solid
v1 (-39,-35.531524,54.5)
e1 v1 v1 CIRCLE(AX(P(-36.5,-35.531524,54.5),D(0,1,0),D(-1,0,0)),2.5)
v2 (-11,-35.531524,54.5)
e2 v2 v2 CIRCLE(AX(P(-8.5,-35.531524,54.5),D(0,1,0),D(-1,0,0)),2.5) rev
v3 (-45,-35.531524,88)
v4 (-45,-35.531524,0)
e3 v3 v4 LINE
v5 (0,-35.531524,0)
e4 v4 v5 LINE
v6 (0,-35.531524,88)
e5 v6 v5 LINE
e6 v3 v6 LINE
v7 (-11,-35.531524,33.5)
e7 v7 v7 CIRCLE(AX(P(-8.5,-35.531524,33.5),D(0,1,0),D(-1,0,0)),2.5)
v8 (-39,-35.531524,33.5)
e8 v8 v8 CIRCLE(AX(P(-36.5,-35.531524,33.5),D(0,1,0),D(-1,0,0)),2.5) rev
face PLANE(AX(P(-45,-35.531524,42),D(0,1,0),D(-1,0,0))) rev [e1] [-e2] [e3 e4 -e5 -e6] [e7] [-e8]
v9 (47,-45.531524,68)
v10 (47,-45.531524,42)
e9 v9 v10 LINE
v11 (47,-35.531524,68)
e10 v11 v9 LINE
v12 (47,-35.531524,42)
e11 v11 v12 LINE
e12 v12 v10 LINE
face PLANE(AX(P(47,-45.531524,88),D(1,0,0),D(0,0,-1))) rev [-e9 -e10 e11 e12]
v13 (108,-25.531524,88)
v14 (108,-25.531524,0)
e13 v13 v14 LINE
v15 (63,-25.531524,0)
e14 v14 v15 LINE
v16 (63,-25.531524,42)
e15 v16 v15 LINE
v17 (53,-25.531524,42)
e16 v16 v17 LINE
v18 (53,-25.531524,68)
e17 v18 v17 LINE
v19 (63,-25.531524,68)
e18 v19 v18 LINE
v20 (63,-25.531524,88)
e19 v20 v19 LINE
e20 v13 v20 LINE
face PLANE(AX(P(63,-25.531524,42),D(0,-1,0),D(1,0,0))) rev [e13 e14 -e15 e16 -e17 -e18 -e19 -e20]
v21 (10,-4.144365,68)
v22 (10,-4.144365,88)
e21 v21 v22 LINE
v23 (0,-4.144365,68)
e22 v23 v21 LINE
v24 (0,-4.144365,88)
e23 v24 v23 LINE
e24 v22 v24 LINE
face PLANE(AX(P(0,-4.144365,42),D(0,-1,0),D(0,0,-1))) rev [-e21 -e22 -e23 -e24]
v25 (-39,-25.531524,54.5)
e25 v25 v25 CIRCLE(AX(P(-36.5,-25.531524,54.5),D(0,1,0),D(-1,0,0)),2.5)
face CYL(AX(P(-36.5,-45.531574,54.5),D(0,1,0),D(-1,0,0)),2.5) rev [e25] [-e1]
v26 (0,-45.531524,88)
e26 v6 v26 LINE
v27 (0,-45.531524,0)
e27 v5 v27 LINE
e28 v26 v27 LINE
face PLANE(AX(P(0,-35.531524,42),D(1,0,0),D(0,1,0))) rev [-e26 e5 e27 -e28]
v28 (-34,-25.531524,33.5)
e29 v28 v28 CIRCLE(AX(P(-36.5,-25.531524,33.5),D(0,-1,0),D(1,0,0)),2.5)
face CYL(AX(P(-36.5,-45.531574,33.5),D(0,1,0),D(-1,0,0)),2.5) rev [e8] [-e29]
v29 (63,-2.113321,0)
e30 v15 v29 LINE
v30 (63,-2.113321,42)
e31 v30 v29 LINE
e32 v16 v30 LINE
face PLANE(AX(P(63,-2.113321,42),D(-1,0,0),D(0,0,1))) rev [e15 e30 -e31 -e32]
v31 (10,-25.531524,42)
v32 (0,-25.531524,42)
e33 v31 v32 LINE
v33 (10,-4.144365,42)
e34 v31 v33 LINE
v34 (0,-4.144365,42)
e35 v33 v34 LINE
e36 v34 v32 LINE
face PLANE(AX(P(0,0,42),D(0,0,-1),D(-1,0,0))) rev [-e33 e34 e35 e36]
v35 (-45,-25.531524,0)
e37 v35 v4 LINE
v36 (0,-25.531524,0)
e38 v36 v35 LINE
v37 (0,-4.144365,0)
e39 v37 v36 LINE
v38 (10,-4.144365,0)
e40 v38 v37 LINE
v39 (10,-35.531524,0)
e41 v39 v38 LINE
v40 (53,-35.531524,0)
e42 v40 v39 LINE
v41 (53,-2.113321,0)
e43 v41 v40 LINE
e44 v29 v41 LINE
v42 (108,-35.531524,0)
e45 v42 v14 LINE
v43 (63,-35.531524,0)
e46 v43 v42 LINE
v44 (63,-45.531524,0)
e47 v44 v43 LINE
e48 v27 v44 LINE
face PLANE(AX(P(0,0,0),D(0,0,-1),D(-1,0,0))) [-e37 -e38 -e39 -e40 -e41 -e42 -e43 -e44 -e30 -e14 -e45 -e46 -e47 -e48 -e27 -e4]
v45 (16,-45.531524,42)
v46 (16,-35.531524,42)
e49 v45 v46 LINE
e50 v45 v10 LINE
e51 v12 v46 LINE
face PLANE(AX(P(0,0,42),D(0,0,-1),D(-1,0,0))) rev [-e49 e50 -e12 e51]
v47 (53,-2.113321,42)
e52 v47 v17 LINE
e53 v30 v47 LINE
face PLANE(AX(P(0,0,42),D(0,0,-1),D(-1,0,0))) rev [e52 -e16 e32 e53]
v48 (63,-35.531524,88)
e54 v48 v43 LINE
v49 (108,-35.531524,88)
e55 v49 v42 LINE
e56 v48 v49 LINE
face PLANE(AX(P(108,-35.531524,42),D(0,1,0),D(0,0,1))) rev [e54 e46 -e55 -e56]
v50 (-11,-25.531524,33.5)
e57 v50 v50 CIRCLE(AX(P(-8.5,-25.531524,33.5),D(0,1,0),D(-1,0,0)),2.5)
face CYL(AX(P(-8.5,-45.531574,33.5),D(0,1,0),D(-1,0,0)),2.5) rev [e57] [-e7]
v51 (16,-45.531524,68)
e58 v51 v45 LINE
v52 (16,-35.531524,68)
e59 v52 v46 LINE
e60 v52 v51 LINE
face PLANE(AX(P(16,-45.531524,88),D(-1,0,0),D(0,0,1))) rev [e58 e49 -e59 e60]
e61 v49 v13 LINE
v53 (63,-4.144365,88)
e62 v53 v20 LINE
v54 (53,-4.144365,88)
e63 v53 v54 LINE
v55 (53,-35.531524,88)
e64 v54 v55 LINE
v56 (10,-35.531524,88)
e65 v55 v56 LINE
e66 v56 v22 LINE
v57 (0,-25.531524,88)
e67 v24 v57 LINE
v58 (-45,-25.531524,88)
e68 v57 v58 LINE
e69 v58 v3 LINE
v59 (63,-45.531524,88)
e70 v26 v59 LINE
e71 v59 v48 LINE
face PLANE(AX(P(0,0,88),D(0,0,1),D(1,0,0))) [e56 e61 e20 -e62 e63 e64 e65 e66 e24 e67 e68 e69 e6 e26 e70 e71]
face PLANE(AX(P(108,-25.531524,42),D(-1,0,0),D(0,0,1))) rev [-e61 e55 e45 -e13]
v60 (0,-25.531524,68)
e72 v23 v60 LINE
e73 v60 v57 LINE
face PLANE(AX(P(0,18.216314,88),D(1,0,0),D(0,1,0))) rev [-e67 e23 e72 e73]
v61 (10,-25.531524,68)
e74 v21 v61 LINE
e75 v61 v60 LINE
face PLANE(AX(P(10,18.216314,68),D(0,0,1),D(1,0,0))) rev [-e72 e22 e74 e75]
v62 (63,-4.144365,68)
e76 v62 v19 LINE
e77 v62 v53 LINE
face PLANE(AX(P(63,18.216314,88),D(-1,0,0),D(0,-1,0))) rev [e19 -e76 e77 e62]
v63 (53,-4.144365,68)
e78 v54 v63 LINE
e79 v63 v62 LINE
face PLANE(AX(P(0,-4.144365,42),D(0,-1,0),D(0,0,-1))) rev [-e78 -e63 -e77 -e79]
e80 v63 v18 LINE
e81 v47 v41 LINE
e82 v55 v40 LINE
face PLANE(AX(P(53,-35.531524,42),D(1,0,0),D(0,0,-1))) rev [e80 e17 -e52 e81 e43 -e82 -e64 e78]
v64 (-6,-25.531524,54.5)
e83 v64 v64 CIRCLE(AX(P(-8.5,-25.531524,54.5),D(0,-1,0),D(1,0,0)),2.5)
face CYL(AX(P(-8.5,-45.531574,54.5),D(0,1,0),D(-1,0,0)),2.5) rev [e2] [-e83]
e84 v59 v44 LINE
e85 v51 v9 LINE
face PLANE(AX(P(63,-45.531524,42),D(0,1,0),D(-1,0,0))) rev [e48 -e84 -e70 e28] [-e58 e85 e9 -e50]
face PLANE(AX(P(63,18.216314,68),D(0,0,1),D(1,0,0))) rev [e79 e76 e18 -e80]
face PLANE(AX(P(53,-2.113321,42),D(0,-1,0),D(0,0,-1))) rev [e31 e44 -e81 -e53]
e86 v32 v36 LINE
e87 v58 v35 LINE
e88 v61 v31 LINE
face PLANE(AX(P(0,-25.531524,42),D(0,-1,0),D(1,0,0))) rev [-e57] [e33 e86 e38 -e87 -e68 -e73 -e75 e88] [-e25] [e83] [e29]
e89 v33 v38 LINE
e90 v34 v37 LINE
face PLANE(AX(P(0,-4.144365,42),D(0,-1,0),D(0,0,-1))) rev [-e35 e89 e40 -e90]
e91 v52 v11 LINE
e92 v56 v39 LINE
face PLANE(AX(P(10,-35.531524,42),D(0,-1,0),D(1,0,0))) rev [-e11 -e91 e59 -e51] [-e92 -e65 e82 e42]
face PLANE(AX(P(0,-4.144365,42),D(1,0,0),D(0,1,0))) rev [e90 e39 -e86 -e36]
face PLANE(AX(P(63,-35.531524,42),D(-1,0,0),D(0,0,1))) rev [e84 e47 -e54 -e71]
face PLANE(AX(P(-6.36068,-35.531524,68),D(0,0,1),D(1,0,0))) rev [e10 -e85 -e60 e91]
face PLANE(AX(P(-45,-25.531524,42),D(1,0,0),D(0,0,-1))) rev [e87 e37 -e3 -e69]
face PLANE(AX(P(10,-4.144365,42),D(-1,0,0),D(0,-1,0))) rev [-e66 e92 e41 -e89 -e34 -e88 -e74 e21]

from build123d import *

# Parameters (mm, degrees)
BOSS_EXTRUDE1_DEPTH = 42
BOSS_EXTRUDE2_DEPTH = 46
SKETCH3_W           = 20
SKETCH3_H           = 10
BOSS_EXTRUDE3_DEPTH = 31
SKETCH4_W           = 10
SKETCH4_H           = 20
BOSS_EXTRUDE4_DEPTH = 21.387158
SKETCH6_R           = 2.5
CUT_EXTRUDE1_DEPTH  = 21


with BuildPart() as part:
    # Sketch1 → Boss-Extrude1 (new body)
    with BuildSketch(Plane.XY):
        Polygon((0, -4.144365492), (10, -4.144365492), (10, -35.531523796), (53, -35.531523796), (53, -2.113321439), (63, -2.113321439), (63, -25.531523796), (108, -25.531523796), (108, -35.531523796), (63, -35.531523796), (63, -45.531523796), (0, -45.531523796), (0, -35.531523796), (-45, -35.531523796), (-45, -25.531523796), (0, -25.531523796), align=None)
    extrude(amount=BOSS_EXTRUDE1_DEPTH)

    # Sketch2 → Boss-Extrude2 (add)
    with BuildSketch(Plane.XY.offset(42)):
        Polygon((-45, -25.531523796), (10, -25.531523796), (10, -35.531523796), (16, -35.531523796), (16, -45.531523796), (0, -45.531523796), (0, -35.531523796), (-45, -35.531523796), align=None)
        Polygon((53, -25.531523796), (108, -25.531523796), (108, -35.531523796), (63, -35.531523796), (63, -45.531523796), (47, -45.531523796), (47, -35.531523796), (53, -35.531523796), align=None)
    extrude(amount=BOSS_EXTRUDE2_DEPTH)

    # Sketch3 → Boss-Extrude3 (add)
    with BuildSketch(Plane.ZY.offset(-47)):
        with Locations((78, -40.531523796)):
            Rectangle(SKETCH3_W, SKETCH3_H)
    extrude(amount=BOSS_EXTRUDE3_DEPTH)

    # Sketch4 → Boss-Extrude4 (add)
    with BuildSketch(Plane(origin=(0, -25.531523796, 0), x_dir=(1, 0, 0), z_dir=(0, 1, 0))):
        with Locations((5, -78)):
            Rectangle(SKETCH4_W, SKETCH4_H)
        with Locations((58, -78)):
            Rectangle(SKETCH4_W, SKETCH4_H)
    extrude(amount=BOSS_EXTRUDE4_DEPTH)

    # Sketch6 → Cut-Extrude1 (cut, through all)
    with BuildSketch(Plane(origin=(0, -25.531523796, 0), x_dir=(1, 0, 0), z_dir=(0, 1, 0))):
        with Locations((-36.5, -54.5)):
            Circle(SKETCH6_R)
        with Locations((-8.5, -54.5)):
            Circle(SKETCH6_R)
        with Locations((-36.5, -33.5)):
            Circle(SKETCH6_R)
        with Locations((-8.5, -33.5)):
            Circle(SKETCH6_R)
    extrude(amount=-CUT_EXTRUDE1_DEPTH, mode=Mode.SUBTRACT)


solid = part.part
